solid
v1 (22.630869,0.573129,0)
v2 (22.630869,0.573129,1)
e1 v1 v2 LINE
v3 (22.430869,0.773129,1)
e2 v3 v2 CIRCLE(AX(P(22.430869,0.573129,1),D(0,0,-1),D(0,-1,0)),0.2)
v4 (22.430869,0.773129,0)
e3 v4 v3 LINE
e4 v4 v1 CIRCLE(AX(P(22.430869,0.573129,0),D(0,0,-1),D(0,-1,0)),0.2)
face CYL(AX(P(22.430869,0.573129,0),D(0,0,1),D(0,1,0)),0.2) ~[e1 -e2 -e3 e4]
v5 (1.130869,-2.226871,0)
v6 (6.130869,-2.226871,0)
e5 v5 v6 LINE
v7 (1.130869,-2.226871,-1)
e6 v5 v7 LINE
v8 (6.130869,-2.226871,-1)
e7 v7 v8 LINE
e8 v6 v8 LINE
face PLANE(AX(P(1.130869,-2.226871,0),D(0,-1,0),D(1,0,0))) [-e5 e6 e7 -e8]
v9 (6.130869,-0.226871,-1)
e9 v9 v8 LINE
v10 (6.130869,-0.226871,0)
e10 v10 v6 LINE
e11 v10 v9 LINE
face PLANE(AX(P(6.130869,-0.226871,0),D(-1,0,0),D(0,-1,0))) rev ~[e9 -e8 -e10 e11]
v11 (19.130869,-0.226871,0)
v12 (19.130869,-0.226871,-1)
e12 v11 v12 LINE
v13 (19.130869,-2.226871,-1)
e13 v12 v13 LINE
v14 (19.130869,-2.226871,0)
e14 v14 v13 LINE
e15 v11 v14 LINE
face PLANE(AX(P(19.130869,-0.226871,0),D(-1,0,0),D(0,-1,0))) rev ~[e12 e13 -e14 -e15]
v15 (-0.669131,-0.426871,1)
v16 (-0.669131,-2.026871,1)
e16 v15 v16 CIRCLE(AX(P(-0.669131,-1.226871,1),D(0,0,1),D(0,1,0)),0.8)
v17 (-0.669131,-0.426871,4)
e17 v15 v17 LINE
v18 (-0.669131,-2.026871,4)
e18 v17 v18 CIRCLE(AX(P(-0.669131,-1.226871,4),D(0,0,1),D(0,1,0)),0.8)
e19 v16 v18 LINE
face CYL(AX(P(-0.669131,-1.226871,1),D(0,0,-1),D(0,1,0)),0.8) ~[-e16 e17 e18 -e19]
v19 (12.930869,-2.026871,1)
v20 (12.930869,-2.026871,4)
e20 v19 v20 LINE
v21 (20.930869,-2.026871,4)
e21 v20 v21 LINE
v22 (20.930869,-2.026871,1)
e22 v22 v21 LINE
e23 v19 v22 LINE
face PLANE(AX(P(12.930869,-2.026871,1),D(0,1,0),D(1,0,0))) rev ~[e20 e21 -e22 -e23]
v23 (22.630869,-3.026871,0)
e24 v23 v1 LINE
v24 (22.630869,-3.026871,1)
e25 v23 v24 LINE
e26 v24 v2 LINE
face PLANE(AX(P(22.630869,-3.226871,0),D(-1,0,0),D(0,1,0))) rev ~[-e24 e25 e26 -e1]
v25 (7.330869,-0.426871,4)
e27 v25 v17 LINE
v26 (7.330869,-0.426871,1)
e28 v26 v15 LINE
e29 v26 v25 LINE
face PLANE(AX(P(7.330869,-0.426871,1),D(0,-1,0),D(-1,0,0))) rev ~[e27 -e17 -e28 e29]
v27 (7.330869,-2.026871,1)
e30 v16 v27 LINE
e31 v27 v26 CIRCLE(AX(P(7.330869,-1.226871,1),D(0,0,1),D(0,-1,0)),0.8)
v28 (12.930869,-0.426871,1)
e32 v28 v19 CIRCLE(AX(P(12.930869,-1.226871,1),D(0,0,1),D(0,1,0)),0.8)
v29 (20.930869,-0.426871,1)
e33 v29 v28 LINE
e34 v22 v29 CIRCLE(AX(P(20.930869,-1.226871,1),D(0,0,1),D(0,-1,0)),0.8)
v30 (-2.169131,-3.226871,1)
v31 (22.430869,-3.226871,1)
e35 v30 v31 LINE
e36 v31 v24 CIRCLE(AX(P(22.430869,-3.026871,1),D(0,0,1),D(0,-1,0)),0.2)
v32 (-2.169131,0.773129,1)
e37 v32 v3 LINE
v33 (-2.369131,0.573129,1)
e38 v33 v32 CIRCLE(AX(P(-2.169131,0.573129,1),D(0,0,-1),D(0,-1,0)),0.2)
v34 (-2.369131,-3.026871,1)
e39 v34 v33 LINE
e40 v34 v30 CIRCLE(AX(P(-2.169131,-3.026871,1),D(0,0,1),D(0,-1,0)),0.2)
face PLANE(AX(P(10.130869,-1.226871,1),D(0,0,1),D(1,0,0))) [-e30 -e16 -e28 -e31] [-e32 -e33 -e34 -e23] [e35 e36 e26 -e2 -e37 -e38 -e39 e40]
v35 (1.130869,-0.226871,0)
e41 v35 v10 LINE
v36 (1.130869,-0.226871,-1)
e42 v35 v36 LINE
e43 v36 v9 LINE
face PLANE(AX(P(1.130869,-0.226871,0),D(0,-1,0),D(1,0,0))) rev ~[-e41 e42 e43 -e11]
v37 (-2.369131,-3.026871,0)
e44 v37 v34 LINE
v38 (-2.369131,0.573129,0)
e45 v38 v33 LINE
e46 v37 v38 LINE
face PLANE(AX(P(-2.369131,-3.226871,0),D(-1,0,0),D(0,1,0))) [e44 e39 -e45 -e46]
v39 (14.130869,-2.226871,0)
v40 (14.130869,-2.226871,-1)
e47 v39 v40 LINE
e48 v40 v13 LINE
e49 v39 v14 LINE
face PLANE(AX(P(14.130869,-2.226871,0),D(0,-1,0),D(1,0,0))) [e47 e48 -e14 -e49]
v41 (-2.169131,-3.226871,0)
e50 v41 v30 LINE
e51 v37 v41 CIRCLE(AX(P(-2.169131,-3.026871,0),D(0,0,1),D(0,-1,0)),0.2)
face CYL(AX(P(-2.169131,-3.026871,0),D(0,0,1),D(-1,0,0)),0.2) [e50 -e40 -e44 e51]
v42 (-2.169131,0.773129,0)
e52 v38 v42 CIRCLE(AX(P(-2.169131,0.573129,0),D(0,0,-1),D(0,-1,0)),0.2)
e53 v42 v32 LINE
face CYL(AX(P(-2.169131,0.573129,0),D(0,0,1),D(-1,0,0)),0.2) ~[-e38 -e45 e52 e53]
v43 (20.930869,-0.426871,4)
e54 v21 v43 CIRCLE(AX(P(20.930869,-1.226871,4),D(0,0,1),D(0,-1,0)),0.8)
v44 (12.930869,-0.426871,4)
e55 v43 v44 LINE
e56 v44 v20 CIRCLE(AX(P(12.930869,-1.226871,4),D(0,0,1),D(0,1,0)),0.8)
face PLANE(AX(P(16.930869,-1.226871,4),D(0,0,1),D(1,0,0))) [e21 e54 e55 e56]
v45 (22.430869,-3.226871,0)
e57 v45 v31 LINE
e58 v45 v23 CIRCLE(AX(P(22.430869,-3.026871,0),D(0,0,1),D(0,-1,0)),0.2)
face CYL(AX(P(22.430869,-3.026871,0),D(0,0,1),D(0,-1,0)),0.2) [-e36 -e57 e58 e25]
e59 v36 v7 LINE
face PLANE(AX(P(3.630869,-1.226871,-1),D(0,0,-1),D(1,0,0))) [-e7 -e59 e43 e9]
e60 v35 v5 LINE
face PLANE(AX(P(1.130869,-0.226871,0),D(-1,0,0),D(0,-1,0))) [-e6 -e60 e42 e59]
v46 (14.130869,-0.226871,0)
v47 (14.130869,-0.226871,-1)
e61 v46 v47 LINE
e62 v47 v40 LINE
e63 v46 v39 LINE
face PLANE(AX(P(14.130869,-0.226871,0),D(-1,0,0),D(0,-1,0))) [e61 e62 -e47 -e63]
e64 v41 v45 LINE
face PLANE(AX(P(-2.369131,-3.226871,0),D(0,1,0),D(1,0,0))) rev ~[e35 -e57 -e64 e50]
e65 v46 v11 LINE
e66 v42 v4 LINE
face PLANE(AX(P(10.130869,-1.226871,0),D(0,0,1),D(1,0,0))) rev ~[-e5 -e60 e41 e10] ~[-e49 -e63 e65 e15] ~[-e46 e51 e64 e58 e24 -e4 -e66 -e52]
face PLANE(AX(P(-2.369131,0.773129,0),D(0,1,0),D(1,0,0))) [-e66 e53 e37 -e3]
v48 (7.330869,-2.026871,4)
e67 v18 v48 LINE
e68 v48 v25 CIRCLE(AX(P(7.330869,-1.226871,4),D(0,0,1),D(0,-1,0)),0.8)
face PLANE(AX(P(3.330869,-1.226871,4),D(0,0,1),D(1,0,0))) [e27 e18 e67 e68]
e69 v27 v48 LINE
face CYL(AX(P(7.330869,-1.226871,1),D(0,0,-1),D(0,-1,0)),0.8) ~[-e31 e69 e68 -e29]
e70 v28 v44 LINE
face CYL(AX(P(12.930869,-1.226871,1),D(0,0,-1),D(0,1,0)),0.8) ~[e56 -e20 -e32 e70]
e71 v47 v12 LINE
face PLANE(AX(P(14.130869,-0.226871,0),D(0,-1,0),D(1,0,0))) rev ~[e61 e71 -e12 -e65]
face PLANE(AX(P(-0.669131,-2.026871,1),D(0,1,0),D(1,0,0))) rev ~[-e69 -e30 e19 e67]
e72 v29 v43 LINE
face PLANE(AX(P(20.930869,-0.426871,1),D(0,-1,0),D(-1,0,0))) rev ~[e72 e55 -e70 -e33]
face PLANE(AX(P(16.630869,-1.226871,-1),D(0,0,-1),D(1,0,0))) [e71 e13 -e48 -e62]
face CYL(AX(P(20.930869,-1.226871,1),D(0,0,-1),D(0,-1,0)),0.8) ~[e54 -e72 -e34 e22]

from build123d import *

# Parameters (mm, degrees)
F0_W     = 25
F0_H     = 4
F1_DEPTH = 1
F3_DEPTH = 3
F4_R     = 0.2
F5_W     = 5
F5_H     = 2
F6_DEPTH = 1


with BuildPart() as f1:
    # F0 (on Top) → F1 (new body)
    with BuildSketch(Plane.XY):
        with Locations((10.130869, -1.226871)):
            Rectangle(F0_W, F0_H)
    extrude(amount=F1_DEPTH)

    # F2 (on face) → F3 (join)
    with BuildSketch(Plane.XY.offset(1)):
        with BuildLine():
            ThreePointArc((-0.669131, -0.426871), (-1.469131, -1.226871), (-0.669131, -2.026871))
            Line((-0.669131, -2.026871), (7.330869, -2.026871))
            ThreePointArc((7.330869, -2.026871), (8.130869, -1.226871), (7.330869, -0.426871))
            Line((7.330869, -0.426871), (-0.669131, -0.426871))
        make_face()
        with BuildLine():
            ThreePointArc((12.930869, -0.426871), (12.130869, -1.226871), (12.930869, -2.026871))
            Line((12.930869, -2.026871), (20.930869, -2.026871))
            ThreePointArc((20.930869, -2.026871), (21.730869, -1.226871), (20.930869, -0.426871))
            Line((20.930869, -0.426871), (12.930869, -0.426871))
        make_face()
    extrude(amount=F3_DEPTH)

    # F4
    f4_edges = [f1.edges().sort_by_distance(p)[0] for p in [
        (22.630869, 0.773129, 0.5),
        (22.630869, -3.226871, 0.5),
        (-2.369131, -3.226871, 0.5),
        (-2.369131, 0.773129, 0.5),
    ]]
    fillet(f4_edges, radius=F4_R)

    # F5 (on face) → F6 (join)
    with BuildSketch(Plane(origin=(0, 0, 0), x_dir=(1, 0, 0), z_dir=(0, 0, -1))):
        with Locations((3.630869, 1.226871)):
            Rectangle(F5_W, F5_H)
        with Locations((16.630869, 1.226871)):
            Rectangle(F5_W, F5_H)
    extrude(amount=F6_DEPTH)


solid = f1.part
